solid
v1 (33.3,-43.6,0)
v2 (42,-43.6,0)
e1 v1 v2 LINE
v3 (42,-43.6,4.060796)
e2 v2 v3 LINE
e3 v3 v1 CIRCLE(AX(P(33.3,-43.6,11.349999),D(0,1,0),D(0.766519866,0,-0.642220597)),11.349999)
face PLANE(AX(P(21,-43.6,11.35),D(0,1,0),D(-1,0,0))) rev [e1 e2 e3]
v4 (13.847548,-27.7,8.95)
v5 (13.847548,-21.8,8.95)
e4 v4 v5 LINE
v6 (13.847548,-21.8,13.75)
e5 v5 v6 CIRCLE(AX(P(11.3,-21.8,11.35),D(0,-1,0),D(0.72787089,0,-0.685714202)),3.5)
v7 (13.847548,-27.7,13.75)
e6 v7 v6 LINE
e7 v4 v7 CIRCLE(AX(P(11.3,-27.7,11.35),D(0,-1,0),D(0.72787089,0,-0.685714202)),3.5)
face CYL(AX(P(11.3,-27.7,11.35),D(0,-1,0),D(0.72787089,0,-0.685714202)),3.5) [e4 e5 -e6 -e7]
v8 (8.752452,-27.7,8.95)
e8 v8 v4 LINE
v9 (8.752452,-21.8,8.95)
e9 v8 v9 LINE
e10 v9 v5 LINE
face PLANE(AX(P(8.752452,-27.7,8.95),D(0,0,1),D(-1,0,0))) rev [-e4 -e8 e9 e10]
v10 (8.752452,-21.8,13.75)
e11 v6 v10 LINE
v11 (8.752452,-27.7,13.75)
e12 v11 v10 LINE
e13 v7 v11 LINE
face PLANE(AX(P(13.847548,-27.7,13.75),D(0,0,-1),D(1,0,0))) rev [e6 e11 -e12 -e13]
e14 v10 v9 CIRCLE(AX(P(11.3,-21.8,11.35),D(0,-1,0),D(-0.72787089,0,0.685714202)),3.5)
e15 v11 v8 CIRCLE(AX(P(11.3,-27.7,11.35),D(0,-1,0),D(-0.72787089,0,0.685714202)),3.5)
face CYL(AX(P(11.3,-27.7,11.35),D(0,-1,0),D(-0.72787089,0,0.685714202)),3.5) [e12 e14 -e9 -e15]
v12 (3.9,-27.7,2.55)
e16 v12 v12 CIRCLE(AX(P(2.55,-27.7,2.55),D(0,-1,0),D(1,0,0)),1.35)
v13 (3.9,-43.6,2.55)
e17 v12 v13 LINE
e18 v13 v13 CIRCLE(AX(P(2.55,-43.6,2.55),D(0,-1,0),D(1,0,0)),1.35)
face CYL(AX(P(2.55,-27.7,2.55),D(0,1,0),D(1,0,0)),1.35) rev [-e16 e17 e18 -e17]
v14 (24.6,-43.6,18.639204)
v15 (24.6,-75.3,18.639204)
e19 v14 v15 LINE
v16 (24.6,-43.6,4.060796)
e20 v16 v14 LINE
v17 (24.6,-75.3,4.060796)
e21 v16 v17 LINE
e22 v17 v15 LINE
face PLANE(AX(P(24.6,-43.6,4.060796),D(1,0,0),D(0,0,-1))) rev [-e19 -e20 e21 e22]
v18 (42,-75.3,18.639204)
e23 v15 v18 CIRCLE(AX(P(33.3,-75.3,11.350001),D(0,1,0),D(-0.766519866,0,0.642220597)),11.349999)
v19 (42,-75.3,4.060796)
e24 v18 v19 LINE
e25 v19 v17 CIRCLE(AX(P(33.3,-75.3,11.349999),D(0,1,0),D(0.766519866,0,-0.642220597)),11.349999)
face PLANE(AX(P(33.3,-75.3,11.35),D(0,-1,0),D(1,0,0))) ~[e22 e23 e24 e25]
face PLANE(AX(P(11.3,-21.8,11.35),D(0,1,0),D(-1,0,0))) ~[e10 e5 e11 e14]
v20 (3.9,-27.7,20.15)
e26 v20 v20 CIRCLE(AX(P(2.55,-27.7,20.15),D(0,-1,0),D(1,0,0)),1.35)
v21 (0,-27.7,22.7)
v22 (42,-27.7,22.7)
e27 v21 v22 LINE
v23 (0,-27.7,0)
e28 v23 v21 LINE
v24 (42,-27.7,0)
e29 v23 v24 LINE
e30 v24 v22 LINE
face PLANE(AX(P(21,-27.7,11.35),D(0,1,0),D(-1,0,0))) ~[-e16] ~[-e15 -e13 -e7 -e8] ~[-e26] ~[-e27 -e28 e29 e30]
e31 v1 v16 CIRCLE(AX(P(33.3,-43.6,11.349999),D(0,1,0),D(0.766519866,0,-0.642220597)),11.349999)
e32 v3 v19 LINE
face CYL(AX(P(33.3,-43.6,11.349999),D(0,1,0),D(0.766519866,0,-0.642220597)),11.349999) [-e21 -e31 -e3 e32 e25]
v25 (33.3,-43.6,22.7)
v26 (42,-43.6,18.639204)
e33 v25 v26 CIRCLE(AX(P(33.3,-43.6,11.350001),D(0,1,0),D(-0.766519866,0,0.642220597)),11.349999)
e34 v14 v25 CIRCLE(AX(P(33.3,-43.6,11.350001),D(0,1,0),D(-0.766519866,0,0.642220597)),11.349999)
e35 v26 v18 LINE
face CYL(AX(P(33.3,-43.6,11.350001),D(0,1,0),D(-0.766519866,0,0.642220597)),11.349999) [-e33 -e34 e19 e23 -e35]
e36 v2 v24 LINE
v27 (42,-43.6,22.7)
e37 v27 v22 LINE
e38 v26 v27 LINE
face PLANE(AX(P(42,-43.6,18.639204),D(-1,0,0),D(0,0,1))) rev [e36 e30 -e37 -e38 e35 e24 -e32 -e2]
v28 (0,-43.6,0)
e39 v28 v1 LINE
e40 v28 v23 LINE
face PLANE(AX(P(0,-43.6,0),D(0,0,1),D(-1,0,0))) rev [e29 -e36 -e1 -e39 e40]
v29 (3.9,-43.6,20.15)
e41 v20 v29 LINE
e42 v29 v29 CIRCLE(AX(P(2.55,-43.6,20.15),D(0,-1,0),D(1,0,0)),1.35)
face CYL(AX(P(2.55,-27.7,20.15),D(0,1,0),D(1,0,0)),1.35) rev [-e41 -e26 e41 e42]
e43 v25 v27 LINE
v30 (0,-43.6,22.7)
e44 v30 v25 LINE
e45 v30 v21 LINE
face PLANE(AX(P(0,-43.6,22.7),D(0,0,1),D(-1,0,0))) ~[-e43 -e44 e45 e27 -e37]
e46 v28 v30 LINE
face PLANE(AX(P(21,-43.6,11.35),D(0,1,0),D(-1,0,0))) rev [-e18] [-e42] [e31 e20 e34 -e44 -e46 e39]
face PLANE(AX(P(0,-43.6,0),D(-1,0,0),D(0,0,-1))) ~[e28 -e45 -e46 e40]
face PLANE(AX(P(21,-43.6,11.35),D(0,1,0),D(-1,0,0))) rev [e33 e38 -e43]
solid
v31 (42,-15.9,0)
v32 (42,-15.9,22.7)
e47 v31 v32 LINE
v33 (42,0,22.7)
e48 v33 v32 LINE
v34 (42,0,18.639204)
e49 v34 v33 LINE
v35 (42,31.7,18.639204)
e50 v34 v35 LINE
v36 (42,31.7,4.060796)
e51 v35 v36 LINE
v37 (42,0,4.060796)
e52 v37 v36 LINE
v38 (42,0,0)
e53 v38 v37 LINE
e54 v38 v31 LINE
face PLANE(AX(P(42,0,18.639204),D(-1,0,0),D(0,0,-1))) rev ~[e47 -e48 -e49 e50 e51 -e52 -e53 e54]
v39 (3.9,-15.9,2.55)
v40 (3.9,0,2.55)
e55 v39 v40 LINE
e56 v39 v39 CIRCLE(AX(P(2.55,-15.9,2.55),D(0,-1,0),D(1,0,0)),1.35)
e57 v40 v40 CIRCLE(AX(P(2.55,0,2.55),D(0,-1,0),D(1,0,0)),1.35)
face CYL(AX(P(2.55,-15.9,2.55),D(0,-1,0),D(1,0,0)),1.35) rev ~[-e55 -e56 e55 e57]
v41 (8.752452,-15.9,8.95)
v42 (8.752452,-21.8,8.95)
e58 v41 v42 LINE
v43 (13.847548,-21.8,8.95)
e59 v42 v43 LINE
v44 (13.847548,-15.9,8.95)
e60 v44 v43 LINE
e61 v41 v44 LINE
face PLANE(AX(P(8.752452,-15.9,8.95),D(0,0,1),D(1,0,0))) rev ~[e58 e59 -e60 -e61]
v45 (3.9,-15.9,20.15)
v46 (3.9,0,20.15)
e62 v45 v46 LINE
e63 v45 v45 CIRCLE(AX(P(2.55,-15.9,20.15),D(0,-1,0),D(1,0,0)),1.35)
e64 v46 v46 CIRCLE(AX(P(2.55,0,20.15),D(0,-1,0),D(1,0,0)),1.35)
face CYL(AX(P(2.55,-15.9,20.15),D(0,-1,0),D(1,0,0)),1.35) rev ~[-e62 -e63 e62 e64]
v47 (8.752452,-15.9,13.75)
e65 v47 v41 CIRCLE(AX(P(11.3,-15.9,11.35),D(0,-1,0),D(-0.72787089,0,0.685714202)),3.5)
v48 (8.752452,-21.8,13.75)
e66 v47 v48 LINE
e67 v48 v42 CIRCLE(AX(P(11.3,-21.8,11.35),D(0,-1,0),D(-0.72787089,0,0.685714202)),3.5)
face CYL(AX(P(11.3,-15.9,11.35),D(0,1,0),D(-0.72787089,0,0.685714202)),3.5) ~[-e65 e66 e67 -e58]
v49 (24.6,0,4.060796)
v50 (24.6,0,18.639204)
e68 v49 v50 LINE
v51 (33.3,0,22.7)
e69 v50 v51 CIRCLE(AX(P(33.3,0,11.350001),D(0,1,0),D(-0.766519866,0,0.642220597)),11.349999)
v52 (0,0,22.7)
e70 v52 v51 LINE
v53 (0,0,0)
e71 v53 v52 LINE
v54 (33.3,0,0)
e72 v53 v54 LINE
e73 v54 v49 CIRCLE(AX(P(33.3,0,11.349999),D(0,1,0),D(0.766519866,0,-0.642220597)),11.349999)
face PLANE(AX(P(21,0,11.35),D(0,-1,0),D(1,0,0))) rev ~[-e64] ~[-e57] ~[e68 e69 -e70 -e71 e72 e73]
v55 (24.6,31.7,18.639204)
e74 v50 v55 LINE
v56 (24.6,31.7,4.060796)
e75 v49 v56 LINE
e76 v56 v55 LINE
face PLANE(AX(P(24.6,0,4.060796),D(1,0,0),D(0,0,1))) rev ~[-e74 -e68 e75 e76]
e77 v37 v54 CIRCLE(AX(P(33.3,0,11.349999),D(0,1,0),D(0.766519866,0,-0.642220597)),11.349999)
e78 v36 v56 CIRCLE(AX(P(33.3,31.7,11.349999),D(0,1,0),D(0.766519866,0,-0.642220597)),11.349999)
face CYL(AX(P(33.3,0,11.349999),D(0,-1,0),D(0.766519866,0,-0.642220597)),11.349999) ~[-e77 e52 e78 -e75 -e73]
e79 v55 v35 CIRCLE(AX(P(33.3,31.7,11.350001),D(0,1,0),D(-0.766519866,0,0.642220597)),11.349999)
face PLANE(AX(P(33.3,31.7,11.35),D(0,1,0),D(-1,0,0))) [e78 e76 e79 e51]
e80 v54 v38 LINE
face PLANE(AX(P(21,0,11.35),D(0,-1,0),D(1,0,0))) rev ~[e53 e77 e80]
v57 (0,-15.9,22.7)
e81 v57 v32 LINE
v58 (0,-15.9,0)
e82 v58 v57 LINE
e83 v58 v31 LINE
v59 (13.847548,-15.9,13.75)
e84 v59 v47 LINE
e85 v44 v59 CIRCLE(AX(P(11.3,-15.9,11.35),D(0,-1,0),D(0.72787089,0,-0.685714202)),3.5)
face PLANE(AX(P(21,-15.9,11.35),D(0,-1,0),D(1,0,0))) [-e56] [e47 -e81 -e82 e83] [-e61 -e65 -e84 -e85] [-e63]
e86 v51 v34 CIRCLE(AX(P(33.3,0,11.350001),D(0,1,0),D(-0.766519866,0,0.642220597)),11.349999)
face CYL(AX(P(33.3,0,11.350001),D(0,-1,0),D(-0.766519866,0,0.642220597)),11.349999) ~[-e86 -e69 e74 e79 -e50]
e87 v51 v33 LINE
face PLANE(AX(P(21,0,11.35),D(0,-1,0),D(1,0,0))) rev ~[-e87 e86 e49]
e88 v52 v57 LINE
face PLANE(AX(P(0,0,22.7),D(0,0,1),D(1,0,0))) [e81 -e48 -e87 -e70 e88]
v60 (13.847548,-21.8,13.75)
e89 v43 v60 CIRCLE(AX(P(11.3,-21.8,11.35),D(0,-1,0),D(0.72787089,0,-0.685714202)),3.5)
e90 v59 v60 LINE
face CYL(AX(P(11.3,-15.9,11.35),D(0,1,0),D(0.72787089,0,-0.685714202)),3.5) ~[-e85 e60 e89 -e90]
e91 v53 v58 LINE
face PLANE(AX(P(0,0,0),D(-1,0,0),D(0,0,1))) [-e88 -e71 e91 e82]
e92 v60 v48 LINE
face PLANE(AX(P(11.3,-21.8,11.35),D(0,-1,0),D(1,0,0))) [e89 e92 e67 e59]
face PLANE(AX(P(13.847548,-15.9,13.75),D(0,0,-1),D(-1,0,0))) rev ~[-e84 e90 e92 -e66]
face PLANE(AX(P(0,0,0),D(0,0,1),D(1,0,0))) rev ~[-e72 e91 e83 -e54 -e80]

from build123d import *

# Parameters (mm, degrees)
F0_W     = 42
F0_H     = 22.7
F1_DEPTH = 15.9
F2_R     = 1.35
F3_DEPTH = 15.9
F5_DEPTH = 5.9
F7_DEPTH = 31.7


with BuildPart() as f1:
    # F0 (on Front) → F1 (new body)
    with BuildSketch(Plane.XZ):
        with Locations((21, 11.35)):
            Rectangle(F0_W, F0_H)
    extrude(amount=F1_DEPTH)

    # F2 (on face) → F3 (cut, through all)
    with BuildSketch(Plane.XZ.offset(15.9)):
        with Locations((2.55, 20.15)):
            Circle(F2_R)
        with Locations((2.55, 2.55)):
            Circle(F2_R)
    extrude(amount=-F3_DEPTH, mode=Mode.SUBTRACT)

    # F4 (on face) → F5 (join)
    with BuildSketch(Plane.XZ.offset(15.9)):
        with BuildLine():
            Line((13.847548, 13.75), (8.752452, 13.75))
            ThreePointArc((8.752452, 13.75), (7.8, 11.35), (8.752452, 8.95))
            Line((8.752452, 8.95), (13.847548, 8.95))
            ThreePointArc((13.847548, 8.95), (14.8, 11.35), (13.847548, 13.75))
        make_face()
    extrude(amount=F5_DEPTH)

    # F6 (on face) → F7 (join)
    with BuildSketch(Plane(origin=(0, 0, 0), x_dir=(-1, 0, 0), z_dir=(0, 1, 0))):
        with BuildLine():
            Line((-42, 18.639204), (-42, 4.060796))
            ThreePointArc((-42, 4.060796), (-33.3, 0), (-24.6, 4.060796))
            Line((-24.6, 4.060796), (-24.6, 18.639204))
            ThreePointArc((-24.6, 18.639204), (-33.3, 22.7), (-42, 18.639204))
        make_face()
    extrude(amount=F7_DEPTH)


with BuildPart() as f8_1:
    # F8: instance of F1
    add(f1.part.mirror(Plane(origin=(11.3, -21.8, 11.35), x_dir=(1, 0, 0), z_dir=(0, -1, 0))))


solid = Compound([f1.part, f8_1.part])
